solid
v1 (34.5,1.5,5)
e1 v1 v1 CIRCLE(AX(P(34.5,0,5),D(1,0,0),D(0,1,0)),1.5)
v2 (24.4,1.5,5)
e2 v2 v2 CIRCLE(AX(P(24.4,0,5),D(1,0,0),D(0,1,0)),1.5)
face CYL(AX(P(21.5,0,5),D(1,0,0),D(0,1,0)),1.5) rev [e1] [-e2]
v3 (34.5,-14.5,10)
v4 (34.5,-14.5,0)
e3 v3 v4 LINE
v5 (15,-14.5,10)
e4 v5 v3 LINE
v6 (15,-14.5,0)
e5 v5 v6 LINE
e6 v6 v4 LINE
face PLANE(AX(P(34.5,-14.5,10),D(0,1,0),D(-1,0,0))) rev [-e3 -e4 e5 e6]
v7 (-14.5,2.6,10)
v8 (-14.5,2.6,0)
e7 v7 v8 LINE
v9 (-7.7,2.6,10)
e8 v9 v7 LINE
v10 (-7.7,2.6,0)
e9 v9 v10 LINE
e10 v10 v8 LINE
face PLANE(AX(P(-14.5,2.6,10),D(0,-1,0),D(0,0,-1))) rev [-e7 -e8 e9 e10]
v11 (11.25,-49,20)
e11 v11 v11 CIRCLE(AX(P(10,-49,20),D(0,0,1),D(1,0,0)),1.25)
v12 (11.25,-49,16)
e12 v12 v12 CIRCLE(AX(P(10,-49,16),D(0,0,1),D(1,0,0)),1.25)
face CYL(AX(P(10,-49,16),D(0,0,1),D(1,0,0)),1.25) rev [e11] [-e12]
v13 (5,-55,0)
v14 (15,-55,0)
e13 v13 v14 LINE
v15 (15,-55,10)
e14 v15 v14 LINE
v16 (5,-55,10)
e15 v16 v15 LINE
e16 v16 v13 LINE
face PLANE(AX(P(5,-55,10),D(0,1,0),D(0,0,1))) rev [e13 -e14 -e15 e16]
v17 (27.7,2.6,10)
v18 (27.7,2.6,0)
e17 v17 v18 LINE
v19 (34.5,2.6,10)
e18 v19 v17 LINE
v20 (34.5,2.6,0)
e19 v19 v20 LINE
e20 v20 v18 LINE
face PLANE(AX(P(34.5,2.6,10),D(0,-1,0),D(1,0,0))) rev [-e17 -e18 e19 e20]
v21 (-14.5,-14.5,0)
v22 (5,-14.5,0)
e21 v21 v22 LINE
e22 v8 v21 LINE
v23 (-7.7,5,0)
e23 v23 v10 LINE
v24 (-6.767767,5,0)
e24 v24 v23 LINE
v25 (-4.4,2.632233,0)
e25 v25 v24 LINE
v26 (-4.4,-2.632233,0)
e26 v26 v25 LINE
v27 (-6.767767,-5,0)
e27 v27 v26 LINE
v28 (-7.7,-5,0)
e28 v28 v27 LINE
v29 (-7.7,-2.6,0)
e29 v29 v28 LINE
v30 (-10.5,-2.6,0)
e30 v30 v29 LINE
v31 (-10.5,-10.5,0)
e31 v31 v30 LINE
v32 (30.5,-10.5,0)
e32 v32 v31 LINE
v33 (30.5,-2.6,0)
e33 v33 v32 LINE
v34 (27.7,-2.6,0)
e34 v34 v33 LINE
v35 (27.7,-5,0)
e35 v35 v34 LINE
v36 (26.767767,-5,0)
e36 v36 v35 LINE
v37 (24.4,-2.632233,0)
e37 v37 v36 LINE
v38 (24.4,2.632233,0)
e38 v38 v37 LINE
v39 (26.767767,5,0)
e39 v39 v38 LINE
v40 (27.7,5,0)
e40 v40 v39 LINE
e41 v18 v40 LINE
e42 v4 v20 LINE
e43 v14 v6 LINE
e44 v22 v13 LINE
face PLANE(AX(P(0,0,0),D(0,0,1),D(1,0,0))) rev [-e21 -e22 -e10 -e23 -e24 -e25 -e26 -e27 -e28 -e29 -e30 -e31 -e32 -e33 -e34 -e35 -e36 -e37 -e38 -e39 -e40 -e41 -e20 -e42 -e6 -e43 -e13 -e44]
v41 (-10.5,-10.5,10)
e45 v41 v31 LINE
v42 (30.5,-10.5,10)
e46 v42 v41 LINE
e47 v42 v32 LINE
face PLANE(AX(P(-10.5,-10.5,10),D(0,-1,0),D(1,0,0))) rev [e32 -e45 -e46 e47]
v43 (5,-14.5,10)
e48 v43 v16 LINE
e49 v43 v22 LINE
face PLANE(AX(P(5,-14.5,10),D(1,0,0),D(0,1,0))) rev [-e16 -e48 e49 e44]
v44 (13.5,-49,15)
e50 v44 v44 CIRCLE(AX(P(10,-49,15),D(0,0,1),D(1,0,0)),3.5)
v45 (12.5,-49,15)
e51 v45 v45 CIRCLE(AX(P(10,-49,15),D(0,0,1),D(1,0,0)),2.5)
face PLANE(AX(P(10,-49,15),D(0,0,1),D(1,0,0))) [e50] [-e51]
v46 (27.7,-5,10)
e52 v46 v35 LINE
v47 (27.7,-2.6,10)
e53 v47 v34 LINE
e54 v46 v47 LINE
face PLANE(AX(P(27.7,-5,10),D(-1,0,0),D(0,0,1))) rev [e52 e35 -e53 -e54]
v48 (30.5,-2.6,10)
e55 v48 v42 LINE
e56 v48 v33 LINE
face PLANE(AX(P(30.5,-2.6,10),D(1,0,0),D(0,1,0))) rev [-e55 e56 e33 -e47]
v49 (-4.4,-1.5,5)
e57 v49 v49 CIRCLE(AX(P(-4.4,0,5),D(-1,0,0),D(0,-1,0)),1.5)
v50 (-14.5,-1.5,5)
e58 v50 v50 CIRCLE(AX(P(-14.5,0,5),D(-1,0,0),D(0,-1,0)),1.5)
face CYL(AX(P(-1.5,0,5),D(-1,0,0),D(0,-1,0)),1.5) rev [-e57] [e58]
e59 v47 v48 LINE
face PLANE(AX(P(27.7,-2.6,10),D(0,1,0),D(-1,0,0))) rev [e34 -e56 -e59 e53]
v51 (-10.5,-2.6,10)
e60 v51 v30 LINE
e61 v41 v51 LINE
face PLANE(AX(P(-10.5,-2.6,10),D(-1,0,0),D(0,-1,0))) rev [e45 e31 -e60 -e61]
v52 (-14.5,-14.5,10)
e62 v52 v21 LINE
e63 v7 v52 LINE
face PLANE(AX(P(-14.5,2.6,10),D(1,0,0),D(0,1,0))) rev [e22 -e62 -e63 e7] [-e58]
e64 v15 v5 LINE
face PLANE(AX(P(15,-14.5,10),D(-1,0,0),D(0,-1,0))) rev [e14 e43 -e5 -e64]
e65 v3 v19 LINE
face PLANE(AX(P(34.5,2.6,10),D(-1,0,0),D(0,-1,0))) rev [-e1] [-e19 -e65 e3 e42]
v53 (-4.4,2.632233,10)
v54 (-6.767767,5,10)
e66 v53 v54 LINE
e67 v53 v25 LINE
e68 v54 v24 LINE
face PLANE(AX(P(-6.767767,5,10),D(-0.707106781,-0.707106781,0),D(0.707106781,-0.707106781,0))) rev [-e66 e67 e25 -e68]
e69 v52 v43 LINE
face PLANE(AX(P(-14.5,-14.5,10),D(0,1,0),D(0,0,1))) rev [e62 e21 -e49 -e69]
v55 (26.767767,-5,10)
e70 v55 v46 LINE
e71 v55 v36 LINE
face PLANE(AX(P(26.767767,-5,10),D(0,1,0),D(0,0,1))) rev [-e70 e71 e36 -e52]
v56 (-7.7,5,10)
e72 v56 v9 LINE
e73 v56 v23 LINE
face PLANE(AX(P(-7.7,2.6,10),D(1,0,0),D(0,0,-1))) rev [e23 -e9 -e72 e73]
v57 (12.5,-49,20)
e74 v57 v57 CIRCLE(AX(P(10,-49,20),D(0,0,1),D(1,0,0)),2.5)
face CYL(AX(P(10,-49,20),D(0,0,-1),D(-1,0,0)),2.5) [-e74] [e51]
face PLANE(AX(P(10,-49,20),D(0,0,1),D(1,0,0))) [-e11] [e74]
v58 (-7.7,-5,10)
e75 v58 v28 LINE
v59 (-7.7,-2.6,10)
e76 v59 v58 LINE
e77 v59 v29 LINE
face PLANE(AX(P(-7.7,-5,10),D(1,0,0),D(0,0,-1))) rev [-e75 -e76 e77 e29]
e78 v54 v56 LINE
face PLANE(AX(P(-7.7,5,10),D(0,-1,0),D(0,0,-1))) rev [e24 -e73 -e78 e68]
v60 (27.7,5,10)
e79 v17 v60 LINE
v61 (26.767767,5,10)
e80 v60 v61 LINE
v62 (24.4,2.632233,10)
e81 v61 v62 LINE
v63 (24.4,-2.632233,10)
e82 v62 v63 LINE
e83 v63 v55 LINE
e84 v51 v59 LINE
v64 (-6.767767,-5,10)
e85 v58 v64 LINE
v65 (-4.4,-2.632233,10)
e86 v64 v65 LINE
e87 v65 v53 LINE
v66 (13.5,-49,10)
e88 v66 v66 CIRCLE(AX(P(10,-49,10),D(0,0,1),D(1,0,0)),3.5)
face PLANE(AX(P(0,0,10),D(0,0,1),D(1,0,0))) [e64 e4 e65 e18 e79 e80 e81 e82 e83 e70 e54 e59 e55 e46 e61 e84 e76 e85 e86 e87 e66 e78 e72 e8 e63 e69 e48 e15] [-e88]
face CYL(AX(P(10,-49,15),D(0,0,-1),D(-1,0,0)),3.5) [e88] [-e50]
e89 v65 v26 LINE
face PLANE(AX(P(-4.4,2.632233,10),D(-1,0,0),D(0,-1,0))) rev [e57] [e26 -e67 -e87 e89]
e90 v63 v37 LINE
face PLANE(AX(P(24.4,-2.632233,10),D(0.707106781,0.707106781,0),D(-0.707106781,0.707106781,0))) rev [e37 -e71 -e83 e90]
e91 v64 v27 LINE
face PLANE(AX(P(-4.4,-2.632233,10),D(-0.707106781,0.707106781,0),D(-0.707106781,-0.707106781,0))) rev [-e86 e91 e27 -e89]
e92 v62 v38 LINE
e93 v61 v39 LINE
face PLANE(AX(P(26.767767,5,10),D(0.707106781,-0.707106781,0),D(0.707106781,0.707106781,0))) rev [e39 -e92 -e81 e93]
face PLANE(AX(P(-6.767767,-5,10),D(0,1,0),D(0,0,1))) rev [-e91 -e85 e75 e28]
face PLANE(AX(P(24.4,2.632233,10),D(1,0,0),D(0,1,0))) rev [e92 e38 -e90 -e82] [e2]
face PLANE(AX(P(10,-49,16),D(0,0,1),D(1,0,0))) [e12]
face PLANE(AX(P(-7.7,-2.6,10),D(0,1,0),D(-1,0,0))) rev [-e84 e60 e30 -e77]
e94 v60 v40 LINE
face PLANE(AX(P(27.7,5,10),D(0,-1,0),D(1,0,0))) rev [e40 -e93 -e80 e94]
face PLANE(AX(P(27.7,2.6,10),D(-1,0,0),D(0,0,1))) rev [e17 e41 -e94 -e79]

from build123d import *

# Parameters (mm, degrees)
BOSS_EXTRUDE1_DEPTH = 10
SKETCH2_R           = 1.5
CUT_EXTRUDE1_DEPTH  = 13
CUT_EXTRUDE2_START  = -13
SKETCH3_R           = 1.5
CUT_EXTRUDE2_DEPTH  = 13
SKETCH4_R           = 2.5
BOSS_EXTRUDE2_DEPTH = 10
SKETCH5_R           = 3.5
BOSS_EXTRUDE3_DEPTH = 5
SKETCH6_R           = 1.25
CUT_EXTRUDE3_DEPTH  = 4


with BuildPart() as part:
    # Sketch1 → Boss-Extrude1 (new body)
    with BuildSketch(Plane.XY):
        Polygon((-14.5, 2.6), (-7.7, 2.6), (-7.7, 5), (-6.767766953, 5), (-4.4, 2.632233047), (-4.4, -2.632233047), (-6.767766953, -5), (-7.7, -5), (-7.7, -2.6), (-10.5, -2.6), (-10.5, -10.5), (30.5, -10.5), (30.5, -2.6), (27.7, -2.6), (27.7, -5), (26.767766953, -5), (24.4, -2.632233047), (24.4, 2.632233047), (26.767766953, 5), (27.7, 5), (27.7, 2.6), (34.5, 2.6), (34.5, -14.5), (15, -14.5), (15, -55), (5, -55), (5, -14.5), (-14.5, -14.5), align=None)
    extrude(amount=BOSS_EXTRUDE1_DEPTH)

    # Sketch2 → Cut-Extrude1 (cut)
    with BuildSketch(Plane.ZY.offset(14.5)):
        with Locations(Location((5, 0, 0), (0, 0, 270))):
            Circle(SKETCH2_R)
    extrude(amount=-CUT_EXTRUDE1_DEPTH, mode=Mode.SUBTRACT)

    # Sketch3 → Cut-Extrude2 (cut)
    with BuildSketch(Plane(origin=(34.5, 0, 0), x_dir=(0, 0, -1), z_dir=(1, 0, 0)).offset(CUT_EXTRUDE2_START)):
        with Locations(Location((-5, 0, 0), (0, 0, 270))):
            Circle(SKETCH3_R)
    extrude(amount=CUT_EXTRUDE2_DEPTH, mode=Mode.SUBTRACT)

    # Sketch4 → Boss-Extrude2 (add)
    with BuildSketch(Plane.XY.offset(10)):
        with Locations((10, -49)):
            Circle(SKETCH4_R)
    extrude(amount=BOSS_EXTRUDE2_DEPTH)

    # Sketch5 → Boss-Extrude3 (add)
    with BuildSketch(Plane.XY.offset(10)):
        with Locations((10, -49)):
            Circle(SKETCH5_R)
    extrude(amount=BOSS_EXTRUDE3_DEPTH)

    # Sketch6 → Cut-Extrude3 (cut)
    with BuildSketch(Plane.XY.offset(20)):
        with Locations((10, -49)):
            Circle(SKETCH6_R)
    extrude(amount=-CUT_EXTRUDE3_DEPTH, mode=Mode.SUBTRACT)


solid = part.part
